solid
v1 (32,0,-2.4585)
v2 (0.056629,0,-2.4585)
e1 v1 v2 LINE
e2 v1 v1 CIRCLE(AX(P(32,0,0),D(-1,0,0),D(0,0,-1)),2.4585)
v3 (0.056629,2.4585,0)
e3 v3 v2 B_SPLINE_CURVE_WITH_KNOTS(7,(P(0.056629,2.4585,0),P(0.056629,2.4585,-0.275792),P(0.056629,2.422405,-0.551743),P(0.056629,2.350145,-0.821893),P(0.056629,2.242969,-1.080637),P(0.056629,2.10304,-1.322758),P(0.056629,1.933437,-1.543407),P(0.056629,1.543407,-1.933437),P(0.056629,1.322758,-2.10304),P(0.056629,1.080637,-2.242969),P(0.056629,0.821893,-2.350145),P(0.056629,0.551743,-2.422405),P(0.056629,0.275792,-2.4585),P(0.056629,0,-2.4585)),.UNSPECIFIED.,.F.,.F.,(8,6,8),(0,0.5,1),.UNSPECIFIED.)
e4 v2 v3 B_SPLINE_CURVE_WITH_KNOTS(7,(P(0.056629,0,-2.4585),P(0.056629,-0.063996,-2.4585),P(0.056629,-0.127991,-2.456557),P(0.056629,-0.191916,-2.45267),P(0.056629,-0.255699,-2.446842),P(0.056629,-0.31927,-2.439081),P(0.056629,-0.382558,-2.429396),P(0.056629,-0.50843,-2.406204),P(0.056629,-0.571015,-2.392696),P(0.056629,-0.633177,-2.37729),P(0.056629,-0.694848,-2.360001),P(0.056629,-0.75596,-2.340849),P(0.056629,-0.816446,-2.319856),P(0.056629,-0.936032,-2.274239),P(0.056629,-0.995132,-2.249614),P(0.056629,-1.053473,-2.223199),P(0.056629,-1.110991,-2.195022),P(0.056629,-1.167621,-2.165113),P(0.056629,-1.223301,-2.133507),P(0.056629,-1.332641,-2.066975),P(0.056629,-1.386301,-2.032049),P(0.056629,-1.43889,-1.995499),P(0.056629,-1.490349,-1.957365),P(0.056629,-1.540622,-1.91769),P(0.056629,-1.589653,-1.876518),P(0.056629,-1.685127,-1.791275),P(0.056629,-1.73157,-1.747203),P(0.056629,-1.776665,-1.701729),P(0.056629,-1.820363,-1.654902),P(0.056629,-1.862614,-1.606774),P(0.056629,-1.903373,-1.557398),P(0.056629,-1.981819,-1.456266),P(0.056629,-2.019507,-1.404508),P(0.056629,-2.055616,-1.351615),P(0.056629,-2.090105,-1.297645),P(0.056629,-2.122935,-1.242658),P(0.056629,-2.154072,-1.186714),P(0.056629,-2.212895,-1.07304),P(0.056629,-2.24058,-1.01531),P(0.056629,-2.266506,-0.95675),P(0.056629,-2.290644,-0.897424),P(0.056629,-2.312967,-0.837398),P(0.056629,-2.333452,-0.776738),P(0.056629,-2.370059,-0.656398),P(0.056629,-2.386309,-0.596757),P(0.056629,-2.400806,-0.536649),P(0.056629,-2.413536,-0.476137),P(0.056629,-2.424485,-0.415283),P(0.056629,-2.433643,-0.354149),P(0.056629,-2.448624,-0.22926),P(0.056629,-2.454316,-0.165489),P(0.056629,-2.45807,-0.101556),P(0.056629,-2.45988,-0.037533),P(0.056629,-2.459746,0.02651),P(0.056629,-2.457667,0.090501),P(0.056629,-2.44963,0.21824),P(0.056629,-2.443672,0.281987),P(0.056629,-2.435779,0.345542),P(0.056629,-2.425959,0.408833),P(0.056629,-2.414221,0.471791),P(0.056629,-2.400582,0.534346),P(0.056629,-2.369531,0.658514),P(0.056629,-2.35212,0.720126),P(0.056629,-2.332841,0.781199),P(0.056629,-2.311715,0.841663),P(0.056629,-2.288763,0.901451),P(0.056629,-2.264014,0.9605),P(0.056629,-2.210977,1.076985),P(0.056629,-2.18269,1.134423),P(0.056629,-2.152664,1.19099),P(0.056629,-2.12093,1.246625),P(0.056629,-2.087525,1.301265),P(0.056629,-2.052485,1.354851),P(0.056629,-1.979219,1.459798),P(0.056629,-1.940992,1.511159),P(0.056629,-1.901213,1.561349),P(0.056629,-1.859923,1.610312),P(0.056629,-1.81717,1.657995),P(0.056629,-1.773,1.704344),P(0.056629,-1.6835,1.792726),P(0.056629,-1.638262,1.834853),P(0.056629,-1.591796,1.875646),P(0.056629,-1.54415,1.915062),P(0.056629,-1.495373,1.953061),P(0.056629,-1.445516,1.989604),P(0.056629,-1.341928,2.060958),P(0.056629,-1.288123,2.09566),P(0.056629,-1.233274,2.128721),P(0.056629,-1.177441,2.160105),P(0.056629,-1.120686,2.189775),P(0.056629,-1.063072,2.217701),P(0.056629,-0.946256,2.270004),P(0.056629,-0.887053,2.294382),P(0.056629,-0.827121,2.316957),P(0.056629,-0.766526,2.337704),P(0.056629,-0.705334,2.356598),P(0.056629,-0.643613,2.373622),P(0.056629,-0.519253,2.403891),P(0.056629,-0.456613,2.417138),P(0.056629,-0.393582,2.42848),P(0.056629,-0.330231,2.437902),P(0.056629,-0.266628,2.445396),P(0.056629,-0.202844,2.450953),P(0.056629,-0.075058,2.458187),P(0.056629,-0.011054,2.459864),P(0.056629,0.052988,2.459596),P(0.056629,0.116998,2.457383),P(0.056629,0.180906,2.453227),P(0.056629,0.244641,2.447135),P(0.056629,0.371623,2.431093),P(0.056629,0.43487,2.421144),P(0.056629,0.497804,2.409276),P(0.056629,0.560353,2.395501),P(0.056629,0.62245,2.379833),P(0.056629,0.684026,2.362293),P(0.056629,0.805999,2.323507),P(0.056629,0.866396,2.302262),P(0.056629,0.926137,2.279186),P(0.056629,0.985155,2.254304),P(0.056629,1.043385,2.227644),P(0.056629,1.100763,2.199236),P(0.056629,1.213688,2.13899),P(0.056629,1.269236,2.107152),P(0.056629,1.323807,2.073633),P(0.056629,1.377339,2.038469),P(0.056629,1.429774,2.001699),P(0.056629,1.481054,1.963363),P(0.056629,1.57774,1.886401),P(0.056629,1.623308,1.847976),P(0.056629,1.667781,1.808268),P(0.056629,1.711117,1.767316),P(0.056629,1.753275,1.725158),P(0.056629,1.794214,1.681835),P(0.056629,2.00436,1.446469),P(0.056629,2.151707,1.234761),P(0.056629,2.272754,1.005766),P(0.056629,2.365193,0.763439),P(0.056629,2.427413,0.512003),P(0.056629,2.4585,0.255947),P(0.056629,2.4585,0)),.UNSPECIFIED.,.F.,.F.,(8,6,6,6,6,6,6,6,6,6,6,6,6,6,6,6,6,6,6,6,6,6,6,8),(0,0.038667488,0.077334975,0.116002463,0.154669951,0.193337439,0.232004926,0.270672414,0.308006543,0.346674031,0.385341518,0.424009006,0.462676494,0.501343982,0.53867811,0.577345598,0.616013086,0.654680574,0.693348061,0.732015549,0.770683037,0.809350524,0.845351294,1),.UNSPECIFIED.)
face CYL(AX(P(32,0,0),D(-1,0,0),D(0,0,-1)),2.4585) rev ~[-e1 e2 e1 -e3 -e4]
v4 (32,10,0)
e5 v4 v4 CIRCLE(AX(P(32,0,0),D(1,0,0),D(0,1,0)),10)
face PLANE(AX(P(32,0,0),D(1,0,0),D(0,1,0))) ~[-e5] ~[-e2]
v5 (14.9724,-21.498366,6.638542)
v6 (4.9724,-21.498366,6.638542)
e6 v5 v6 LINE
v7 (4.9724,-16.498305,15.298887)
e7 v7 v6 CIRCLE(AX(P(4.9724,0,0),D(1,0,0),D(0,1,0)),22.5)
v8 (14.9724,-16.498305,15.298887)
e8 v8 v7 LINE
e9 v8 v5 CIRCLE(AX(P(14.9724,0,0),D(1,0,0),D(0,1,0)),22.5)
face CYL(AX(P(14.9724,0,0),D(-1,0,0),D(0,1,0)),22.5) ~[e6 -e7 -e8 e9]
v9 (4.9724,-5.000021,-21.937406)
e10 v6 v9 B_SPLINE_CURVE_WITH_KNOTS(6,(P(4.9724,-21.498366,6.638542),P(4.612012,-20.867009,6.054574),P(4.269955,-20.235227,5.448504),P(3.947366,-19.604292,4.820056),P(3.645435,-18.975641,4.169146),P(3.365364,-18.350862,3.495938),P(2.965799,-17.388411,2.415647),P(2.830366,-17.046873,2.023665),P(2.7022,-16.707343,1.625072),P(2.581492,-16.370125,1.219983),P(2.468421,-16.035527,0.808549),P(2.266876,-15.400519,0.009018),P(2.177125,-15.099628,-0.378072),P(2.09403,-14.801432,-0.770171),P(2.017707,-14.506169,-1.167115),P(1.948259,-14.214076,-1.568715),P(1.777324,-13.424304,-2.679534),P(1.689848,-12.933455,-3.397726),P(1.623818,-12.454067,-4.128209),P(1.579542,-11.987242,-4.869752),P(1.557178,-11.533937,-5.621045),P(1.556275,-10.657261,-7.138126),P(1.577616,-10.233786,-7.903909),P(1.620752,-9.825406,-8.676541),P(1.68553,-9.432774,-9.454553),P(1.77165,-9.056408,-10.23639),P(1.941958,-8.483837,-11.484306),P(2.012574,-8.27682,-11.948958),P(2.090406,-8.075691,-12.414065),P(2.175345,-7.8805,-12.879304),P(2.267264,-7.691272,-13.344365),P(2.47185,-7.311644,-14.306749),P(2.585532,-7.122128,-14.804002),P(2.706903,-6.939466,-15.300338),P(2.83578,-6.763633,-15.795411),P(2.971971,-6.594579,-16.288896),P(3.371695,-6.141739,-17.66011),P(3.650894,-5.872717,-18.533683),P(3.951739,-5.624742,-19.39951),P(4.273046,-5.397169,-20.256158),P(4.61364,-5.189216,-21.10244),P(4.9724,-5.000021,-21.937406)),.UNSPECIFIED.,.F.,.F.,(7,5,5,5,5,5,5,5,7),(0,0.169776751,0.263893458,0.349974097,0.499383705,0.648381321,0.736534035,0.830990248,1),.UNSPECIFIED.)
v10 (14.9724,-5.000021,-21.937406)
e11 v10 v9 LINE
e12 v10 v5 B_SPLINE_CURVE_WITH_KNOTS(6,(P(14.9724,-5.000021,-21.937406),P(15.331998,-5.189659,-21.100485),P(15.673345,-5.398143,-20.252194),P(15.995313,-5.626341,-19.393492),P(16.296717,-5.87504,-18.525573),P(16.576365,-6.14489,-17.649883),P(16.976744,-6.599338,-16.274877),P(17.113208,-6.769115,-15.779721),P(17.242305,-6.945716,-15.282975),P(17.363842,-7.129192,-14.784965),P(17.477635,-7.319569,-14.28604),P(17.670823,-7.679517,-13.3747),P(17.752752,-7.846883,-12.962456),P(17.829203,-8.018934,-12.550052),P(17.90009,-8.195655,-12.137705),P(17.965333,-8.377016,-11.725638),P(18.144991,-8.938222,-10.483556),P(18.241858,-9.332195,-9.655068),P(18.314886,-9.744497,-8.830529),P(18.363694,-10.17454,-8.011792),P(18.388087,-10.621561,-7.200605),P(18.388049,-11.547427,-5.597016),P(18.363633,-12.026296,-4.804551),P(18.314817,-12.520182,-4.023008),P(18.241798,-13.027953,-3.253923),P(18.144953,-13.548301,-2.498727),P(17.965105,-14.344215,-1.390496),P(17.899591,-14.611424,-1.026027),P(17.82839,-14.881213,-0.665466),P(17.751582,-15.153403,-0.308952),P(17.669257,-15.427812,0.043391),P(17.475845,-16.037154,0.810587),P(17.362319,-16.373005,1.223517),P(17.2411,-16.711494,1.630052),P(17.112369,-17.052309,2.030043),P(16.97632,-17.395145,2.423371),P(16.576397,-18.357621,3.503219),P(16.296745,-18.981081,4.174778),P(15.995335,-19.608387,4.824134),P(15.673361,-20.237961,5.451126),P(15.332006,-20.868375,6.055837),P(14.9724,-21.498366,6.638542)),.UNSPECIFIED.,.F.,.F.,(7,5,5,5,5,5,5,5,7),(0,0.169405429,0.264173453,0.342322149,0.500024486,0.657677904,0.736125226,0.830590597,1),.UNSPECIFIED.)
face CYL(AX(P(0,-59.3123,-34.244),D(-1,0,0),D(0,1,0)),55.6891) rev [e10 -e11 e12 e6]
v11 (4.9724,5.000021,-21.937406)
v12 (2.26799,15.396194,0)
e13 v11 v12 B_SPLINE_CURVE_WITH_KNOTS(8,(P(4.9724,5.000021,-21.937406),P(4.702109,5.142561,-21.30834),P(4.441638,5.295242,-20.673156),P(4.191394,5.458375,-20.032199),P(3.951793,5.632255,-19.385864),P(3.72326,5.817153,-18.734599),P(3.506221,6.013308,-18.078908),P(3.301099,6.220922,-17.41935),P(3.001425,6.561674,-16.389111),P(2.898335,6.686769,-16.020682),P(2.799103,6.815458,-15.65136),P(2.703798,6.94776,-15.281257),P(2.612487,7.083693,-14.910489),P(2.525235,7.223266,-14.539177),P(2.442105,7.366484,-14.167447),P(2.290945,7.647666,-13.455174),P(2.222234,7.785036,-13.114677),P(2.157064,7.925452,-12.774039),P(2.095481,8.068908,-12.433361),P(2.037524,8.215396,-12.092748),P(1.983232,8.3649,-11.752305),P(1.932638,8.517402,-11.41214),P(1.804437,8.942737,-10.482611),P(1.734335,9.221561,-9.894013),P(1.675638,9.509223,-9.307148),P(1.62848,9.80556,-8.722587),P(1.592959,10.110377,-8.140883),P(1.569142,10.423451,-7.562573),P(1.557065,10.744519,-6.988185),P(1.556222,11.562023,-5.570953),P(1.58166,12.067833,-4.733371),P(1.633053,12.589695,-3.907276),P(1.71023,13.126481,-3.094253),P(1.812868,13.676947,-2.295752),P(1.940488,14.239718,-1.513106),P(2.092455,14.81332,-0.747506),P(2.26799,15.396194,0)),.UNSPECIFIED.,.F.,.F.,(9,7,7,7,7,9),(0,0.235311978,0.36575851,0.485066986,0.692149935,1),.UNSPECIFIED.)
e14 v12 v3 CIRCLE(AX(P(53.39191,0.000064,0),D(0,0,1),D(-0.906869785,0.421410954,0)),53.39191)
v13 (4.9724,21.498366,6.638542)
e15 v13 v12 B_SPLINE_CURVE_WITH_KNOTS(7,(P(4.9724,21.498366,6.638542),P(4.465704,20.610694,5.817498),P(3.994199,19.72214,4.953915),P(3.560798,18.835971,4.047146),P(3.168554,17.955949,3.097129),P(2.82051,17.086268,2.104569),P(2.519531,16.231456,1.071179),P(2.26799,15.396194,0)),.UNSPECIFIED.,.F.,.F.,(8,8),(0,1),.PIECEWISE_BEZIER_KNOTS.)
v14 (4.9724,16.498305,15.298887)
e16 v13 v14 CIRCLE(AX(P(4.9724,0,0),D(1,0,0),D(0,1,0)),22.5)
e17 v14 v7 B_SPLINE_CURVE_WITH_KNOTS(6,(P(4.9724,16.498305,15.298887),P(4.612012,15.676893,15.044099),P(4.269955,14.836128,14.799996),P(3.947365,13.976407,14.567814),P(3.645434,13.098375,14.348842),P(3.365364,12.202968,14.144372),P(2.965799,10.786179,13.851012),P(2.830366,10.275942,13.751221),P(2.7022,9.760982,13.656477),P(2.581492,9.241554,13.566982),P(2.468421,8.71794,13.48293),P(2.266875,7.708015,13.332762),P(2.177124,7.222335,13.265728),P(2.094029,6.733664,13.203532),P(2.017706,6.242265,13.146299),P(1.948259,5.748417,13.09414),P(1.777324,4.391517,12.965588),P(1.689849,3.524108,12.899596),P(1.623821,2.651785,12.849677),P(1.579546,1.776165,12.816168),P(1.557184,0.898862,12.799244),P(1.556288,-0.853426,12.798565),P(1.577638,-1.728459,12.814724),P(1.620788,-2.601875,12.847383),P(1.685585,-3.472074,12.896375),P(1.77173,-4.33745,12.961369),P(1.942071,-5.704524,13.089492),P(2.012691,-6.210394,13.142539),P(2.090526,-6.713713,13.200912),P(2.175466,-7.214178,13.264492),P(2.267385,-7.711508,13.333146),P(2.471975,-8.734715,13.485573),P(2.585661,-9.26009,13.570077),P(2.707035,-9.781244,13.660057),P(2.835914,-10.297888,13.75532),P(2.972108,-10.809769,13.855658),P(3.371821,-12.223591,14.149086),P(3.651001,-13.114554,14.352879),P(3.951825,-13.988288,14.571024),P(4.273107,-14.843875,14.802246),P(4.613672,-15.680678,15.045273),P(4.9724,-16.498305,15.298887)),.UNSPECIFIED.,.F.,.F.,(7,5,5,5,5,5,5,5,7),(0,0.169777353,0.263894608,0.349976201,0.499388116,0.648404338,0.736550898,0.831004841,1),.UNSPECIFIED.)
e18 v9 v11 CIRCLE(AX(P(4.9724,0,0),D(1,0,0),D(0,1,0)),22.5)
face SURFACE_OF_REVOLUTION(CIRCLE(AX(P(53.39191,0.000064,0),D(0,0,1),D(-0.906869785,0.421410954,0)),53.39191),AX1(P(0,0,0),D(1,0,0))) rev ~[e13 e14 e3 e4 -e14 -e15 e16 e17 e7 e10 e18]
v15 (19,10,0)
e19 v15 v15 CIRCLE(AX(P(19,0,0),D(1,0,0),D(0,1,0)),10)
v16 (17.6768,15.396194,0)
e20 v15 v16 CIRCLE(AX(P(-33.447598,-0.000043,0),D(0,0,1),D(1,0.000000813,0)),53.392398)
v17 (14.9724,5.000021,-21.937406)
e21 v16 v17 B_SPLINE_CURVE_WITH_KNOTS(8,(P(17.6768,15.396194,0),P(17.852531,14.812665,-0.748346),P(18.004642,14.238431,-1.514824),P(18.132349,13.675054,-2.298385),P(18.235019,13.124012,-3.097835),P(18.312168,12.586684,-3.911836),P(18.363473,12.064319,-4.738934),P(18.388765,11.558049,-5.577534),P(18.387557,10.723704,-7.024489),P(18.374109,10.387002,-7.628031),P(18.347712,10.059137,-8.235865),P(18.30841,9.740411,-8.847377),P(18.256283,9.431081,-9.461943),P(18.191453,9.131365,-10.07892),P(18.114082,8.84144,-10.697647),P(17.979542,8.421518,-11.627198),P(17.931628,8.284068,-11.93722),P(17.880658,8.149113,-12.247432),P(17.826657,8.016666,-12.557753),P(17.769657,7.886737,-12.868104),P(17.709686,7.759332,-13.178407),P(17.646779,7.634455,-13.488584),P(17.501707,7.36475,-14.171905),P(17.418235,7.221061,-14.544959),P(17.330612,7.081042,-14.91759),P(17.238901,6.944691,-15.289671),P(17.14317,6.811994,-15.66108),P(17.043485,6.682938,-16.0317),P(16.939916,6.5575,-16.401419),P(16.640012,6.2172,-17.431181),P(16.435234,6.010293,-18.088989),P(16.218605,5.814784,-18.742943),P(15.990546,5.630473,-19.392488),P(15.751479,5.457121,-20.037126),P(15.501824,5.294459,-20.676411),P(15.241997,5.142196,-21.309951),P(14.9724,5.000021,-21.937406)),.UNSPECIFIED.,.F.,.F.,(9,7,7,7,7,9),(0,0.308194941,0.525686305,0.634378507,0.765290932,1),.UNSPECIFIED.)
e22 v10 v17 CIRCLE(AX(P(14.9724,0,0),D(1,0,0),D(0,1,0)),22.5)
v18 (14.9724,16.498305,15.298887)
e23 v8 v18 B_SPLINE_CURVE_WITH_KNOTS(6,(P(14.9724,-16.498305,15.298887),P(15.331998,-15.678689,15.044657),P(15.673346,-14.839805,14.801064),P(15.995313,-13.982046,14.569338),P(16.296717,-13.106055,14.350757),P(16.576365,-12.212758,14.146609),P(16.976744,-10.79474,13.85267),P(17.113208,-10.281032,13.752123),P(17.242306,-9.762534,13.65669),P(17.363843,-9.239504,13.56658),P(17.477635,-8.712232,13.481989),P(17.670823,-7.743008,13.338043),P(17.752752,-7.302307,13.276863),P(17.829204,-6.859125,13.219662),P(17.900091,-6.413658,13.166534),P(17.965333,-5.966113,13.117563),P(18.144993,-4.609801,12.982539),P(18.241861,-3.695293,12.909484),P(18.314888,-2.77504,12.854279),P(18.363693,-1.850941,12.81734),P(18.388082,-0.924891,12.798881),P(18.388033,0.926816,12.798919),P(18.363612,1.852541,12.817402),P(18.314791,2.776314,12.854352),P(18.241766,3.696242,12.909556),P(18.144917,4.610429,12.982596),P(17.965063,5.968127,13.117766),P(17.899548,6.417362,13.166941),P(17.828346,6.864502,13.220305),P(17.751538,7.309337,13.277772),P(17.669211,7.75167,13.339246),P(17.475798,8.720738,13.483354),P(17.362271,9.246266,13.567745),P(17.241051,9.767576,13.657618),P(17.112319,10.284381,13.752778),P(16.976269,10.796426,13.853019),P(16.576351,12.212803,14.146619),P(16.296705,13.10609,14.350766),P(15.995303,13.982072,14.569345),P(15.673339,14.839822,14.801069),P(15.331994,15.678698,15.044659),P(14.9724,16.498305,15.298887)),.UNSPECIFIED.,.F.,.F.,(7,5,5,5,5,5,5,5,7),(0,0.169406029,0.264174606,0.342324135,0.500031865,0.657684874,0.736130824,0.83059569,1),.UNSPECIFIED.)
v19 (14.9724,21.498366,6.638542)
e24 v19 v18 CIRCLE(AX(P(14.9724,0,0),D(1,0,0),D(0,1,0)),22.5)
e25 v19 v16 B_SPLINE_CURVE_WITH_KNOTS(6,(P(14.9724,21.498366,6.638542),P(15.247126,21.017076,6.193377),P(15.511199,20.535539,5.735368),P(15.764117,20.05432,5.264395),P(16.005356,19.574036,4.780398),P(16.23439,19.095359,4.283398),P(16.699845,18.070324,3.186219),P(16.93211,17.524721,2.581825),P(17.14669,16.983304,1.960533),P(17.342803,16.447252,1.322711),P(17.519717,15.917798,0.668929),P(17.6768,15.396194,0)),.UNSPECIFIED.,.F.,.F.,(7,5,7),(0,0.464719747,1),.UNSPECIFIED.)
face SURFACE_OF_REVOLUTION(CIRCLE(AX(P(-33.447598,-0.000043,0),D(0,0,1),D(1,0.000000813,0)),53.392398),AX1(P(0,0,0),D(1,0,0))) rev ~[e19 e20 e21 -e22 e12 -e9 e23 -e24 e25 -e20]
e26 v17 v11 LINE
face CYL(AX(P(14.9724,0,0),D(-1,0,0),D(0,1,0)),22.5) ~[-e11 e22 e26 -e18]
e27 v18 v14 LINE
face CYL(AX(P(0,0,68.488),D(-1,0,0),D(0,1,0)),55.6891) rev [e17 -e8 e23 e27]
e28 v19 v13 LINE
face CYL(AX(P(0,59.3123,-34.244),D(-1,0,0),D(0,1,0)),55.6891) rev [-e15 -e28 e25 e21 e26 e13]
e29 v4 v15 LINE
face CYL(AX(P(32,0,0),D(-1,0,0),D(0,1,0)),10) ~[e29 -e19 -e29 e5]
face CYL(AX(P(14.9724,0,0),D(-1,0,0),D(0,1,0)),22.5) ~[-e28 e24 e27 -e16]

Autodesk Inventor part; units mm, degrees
ref_plane "YZ Plane" through (0, 0, 0) normal (1, 0, 0) x (0, 1, 0)
ref_plane "XZ Plane" through (0, 0, 0) normal (0, 1, 0) x (-1, 0, 0)
ref_plane "XY Plane" through (0, 0, 0) normal (0, 0, 1) x (1, 0, 0)
sketch "Sketch1" plane through (0, 0, 0) normal (0, 0, 1) x (1, 0, 0)
  line L0 (0, 27.3257) -> (0, -4.5543) construction
  line L1 (-50.8151, 0) -> (70.7599, 0) construction
  line L2 (32, 0) -> (32, 10)
  line L3 (32, 10) -> (19, 10)
  line L4 (14.9724, 22.5) -> (4.9724, 22.5)
  arc A0 (4.9724, 22.5) -> (0, 0) centre (53.3921, 0) ccw
  arc A1 (19.9448, 0) -> (14.9724, 22.5) centre (-33.4472, 0) ccw
  line L5 (9.9724, 22.5) -> (9.9724, 17.1499) construction
  line L6 (32, 0) -> (0, 0)
  dimension "d0" = 20
  dimension "d1" = 45
  dimension "d2" = 32
  dimension "d3" = 10
  dimension "d4" = 13
revolve "Revolution1" add sketch "Sketch1" angle 360 about axis through (0, 0, 0) along (1, 0, 0)
sketch "Sketch2" plane through (0, 0, 0) normal (1, 0, 0) x (0, 1, 0)
  circle A0 centre (0, 0) radius 22.5 construction
  line L0 (0, 31.5) -> (0, -31.5) construction
  circle A1 centre (0, 68.488) radius 55.6891
  circle A2 centre (-59.3123, -34.244) radius 55.6891
  circle A3 centre (59.3123, -34.244) radius 55.6891
  point P0 (-16.4984, 15.2988)
  point P1 (-21.4984, 6.6386)
  point P2 (0, 12.7988)
  dimension "d8" = 360
  dimension "d10" = 10
  dimension "d11" = 2.5
extrude "Extrusion1" cut sketch "Sketch2" along normal through all
sketch "Sketch3" plane through (32, 0, 0) normal (1, 0, 0) x (0, 0, -1)
  circle A0 centre (0, 0) radius 10 projected
hole "Hole1" at (32, 0, 0) direction (-1, 0, 0) diameter 4.917 end through all thread size "M6x1" class "6H" standard "ISO Metric profile"
properties part number "fogantyu" material "Steel"
